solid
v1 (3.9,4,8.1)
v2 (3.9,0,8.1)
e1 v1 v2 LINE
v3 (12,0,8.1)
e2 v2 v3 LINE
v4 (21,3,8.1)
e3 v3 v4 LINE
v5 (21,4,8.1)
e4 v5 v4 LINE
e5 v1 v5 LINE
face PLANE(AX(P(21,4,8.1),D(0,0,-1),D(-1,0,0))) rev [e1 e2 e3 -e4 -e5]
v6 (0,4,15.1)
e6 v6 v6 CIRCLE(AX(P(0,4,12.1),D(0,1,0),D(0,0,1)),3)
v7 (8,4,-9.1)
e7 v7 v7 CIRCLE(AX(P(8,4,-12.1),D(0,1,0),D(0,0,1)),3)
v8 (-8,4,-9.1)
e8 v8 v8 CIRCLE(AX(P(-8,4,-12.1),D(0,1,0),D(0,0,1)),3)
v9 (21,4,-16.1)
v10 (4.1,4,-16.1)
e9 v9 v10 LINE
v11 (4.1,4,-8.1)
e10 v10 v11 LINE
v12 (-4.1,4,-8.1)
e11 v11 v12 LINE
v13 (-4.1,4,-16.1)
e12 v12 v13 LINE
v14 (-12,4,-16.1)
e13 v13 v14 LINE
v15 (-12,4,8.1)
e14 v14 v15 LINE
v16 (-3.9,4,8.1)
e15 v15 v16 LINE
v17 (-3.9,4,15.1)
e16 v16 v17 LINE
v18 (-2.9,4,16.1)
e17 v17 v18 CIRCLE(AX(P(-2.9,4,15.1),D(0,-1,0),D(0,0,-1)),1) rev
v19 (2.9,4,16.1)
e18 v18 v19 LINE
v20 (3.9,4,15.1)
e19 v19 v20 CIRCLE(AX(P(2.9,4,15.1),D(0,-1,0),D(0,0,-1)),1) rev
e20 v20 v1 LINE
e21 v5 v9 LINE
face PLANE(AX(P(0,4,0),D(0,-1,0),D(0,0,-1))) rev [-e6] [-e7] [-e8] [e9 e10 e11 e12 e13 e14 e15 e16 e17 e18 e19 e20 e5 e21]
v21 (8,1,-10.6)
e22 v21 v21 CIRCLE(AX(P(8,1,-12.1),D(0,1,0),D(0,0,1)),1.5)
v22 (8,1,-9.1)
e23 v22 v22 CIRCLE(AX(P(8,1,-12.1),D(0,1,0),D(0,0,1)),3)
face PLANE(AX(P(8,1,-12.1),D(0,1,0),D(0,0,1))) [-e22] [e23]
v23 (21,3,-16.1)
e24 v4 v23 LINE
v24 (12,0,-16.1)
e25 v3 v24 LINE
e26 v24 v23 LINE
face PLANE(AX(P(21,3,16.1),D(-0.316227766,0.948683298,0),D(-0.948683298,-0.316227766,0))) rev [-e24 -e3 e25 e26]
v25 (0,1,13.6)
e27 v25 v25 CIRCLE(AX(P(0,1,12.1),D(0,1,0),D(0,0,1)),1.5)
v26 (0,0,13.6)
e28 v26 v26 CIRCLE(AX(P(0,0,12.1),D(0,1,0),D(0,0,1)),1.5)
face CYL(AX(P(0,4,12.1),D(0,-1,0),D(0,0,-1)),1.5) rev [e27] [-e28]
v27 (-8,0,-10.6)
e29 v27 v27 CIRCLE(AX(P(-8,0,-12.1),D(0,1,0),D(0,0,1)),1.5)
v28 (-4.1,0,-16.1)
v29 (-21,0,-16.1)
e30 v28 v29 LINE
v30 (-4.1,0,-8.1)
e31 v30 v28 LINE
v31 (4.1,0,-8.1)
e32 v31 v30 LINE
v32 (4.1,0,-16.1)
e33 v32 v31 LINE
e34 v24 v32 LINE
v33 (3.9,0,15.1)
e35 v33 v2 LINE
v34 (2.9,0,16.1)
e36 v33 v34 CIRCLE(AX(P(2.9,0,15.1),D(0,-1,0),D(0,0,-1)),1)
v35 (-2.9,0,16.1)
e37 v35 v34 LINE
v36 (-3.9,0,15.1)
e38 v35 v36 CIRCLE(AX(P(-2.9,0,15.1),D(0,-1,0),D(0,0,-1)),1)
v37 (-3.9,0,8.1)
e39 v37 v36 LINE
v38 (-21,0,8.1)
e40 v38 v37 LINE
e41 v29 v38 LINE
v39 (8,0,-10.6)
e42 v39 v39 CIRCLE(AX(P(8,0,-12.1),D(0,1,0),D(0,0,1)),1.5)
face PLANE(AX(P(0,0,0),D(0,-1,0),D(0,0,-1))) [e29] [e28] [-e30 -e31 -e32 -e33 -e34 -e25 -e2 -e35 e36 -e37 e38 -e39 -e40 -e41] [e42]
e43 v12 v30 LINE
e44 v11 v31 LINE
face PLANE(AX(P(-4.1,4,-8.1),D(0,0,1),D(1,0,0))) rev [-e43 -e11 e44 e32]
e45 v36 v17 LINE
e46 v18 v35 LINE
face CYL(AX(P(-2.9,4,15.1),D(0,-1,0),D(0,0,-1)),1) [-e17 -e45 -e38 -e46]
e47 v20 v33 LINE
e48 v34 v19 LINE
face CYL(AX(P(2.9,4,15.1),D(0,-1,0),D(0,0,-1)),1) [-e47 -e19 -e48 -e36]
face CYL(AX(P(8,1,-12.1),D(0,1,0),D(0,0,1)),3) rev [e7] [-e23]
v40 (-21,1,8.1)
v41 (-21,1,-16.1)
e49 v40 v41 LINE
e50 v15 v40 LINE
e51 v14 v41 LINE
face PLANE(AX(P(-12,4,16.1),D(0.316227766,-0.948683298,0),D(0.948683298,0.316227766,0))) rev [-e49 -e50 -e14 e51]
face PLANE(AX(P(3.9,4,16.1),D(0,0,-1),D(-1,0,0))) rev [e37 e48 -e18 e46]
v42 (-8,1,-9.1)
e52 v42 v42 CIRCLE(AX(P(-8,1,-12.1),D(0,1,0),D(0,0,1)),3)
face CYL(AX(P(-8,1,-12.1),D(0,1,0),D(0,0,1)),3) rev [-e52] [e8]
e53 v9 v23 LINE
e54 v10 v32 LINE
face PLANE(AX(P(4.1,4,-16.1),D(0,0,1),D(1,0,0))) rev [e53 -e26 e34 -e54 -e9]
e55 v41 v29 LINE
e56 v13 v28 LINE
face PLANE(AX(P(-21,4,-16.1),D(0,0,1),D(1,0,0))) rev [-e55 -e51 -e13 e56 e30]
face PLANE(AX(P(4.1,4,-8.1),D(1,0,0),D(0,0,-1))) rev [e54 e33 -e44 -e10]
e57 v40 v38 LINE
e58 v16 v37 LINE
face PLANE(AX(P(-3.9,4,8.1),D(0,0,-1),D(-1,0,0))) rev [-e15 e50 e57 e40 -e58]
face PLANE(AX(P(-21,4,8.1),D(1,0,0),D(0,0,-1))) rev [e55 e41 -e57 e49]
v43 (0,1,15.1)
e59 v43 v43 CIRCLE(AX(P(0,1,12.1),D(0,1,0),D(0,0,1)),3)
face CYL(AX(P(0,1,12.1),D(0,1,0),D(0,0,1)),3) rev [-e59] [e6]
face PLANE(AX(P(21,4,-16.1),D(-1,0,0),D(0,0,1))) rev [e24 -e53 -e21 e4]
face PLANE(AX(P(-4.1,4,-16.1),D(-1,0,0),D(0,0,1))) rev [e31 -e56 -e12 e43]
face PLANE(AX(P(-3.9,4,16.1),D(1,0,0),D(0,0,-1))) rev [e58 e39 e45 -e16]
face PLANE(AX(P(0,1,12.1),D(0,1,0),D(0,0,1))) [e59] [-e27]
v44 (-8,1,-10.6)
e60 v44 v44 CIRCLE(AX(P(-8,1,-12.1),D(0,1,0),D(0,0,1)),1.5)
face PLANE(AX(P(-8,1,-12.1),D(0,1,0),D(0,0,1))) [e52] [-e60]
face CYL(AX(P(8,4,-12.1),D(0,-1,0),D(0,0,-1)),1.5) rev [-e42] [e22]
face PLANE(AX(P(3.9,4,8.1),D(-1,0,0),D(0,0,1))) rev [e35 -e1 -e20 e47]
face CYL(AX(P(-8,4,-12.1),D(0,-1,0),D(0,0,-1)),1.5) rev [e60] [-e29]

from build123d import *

# Parameters (mm, degrees)
EXTRUDE_1_DEPTH     = 4
SKETCH_2_R          = 1.5
CUT_EXTRUDE_2_DEPTH = 27.762100067
SKETCH_3_R          = 3
CUT_EXTRUDE_3_DEPTH = 3
CUT_EXTRUDE_4_DEPTH = 39.65022639
FILLET_1_R          = 1


with BuildPart() as part:
    # 草图1 → 凸台-拉伸1 (new body)
    with BuildSketch(Plane(origin=(0, 0, 0), x_dir=(1, 0, 0), z_dir=(0, 1, 0))):
        Polygon((-21, 16.1), (-4.1, 16.1), (-4.1, 8.1), (4.1, 8.1), (4.1, 16.1), (21, 16.1), (21, -8.1), (3.9, -8.1), (3.9, -16.1), (-3.9, -16.1), (-3.9, -8.1), (-21, -8.1), align=None)
    extrude(amount=EXTRUDE_1_DEPTH)

    # 草图2 → 切除-拉伸2 (cut, through all)
    with BuildSketch(Plane(origin=(0, 0, 0), x_dir=(1, 0, 0), z_dir=(0, 1, 0))):
        with Locations(Location((-8, 12.1, 0), (0, 0, 270))):
            Circle(SKETCH_2_R)
        with Locations(Location((8, 12.1, 0), (0, 0, 270))):
            Circle(SKETCH_2_R)
        with Locations(Location((0, -12.1, 0), (0, 0, 270))):
            Circle(SKETCH_2_R)
    extrude(amount=CUT_EXTRUDE_2_DEPTH, mode=Mode.SUBTRACT)

    # 草图3 → 切除-拉伸3 (cut)
    with BuildSketch(Plane(origin=(0, 4, 0), x_dir=(1, 0, 0), z_dir=(0, 1, 0))):
        with Locations(Location((-8, 12.1, 0), (0, 0, 270))):
            Circle(SKETCH_3_R)
        with Locations(Location((8, 12.1, 0), (0, 0, 270))):
            Circle(SKETCH_3_R)
        with Locations(Location((0, -12.1, 0), (0, 0, 270))):
            Circle(SKETCH_3_R)
    extrude(amount=-CUT_EXTRUDE_3_DEPTH, mode=Mode.SUBTRACT)

    # 草图4 → 切除-拉伸4 (cut, through all)
    with BuildSketch(Plane(origin=(0, 0, -16.1), x_dir=(-1, 0, 0), z_dir=(0, 0, -1))):
        Polygon((-21, 3), (-12, 0), (-21, 0), align=None)
        Polygon((12, 4), (21, 1), (21, 4), align=None)
    extrude(amount=-CUT_EXTRUDE_4_DEPTH, mode=Mode.SUBTRACT)

    # 圆角1
    fillet_1_edges = [part.edges().sort_by_distance(p)[0] for p in [
        (3.9, 2, 16.1),
        (-3.9, 2, 16.1),
    ]]
    fillet(fillet_1_edges, radius=FILLET_1_R)


solid = part.part
